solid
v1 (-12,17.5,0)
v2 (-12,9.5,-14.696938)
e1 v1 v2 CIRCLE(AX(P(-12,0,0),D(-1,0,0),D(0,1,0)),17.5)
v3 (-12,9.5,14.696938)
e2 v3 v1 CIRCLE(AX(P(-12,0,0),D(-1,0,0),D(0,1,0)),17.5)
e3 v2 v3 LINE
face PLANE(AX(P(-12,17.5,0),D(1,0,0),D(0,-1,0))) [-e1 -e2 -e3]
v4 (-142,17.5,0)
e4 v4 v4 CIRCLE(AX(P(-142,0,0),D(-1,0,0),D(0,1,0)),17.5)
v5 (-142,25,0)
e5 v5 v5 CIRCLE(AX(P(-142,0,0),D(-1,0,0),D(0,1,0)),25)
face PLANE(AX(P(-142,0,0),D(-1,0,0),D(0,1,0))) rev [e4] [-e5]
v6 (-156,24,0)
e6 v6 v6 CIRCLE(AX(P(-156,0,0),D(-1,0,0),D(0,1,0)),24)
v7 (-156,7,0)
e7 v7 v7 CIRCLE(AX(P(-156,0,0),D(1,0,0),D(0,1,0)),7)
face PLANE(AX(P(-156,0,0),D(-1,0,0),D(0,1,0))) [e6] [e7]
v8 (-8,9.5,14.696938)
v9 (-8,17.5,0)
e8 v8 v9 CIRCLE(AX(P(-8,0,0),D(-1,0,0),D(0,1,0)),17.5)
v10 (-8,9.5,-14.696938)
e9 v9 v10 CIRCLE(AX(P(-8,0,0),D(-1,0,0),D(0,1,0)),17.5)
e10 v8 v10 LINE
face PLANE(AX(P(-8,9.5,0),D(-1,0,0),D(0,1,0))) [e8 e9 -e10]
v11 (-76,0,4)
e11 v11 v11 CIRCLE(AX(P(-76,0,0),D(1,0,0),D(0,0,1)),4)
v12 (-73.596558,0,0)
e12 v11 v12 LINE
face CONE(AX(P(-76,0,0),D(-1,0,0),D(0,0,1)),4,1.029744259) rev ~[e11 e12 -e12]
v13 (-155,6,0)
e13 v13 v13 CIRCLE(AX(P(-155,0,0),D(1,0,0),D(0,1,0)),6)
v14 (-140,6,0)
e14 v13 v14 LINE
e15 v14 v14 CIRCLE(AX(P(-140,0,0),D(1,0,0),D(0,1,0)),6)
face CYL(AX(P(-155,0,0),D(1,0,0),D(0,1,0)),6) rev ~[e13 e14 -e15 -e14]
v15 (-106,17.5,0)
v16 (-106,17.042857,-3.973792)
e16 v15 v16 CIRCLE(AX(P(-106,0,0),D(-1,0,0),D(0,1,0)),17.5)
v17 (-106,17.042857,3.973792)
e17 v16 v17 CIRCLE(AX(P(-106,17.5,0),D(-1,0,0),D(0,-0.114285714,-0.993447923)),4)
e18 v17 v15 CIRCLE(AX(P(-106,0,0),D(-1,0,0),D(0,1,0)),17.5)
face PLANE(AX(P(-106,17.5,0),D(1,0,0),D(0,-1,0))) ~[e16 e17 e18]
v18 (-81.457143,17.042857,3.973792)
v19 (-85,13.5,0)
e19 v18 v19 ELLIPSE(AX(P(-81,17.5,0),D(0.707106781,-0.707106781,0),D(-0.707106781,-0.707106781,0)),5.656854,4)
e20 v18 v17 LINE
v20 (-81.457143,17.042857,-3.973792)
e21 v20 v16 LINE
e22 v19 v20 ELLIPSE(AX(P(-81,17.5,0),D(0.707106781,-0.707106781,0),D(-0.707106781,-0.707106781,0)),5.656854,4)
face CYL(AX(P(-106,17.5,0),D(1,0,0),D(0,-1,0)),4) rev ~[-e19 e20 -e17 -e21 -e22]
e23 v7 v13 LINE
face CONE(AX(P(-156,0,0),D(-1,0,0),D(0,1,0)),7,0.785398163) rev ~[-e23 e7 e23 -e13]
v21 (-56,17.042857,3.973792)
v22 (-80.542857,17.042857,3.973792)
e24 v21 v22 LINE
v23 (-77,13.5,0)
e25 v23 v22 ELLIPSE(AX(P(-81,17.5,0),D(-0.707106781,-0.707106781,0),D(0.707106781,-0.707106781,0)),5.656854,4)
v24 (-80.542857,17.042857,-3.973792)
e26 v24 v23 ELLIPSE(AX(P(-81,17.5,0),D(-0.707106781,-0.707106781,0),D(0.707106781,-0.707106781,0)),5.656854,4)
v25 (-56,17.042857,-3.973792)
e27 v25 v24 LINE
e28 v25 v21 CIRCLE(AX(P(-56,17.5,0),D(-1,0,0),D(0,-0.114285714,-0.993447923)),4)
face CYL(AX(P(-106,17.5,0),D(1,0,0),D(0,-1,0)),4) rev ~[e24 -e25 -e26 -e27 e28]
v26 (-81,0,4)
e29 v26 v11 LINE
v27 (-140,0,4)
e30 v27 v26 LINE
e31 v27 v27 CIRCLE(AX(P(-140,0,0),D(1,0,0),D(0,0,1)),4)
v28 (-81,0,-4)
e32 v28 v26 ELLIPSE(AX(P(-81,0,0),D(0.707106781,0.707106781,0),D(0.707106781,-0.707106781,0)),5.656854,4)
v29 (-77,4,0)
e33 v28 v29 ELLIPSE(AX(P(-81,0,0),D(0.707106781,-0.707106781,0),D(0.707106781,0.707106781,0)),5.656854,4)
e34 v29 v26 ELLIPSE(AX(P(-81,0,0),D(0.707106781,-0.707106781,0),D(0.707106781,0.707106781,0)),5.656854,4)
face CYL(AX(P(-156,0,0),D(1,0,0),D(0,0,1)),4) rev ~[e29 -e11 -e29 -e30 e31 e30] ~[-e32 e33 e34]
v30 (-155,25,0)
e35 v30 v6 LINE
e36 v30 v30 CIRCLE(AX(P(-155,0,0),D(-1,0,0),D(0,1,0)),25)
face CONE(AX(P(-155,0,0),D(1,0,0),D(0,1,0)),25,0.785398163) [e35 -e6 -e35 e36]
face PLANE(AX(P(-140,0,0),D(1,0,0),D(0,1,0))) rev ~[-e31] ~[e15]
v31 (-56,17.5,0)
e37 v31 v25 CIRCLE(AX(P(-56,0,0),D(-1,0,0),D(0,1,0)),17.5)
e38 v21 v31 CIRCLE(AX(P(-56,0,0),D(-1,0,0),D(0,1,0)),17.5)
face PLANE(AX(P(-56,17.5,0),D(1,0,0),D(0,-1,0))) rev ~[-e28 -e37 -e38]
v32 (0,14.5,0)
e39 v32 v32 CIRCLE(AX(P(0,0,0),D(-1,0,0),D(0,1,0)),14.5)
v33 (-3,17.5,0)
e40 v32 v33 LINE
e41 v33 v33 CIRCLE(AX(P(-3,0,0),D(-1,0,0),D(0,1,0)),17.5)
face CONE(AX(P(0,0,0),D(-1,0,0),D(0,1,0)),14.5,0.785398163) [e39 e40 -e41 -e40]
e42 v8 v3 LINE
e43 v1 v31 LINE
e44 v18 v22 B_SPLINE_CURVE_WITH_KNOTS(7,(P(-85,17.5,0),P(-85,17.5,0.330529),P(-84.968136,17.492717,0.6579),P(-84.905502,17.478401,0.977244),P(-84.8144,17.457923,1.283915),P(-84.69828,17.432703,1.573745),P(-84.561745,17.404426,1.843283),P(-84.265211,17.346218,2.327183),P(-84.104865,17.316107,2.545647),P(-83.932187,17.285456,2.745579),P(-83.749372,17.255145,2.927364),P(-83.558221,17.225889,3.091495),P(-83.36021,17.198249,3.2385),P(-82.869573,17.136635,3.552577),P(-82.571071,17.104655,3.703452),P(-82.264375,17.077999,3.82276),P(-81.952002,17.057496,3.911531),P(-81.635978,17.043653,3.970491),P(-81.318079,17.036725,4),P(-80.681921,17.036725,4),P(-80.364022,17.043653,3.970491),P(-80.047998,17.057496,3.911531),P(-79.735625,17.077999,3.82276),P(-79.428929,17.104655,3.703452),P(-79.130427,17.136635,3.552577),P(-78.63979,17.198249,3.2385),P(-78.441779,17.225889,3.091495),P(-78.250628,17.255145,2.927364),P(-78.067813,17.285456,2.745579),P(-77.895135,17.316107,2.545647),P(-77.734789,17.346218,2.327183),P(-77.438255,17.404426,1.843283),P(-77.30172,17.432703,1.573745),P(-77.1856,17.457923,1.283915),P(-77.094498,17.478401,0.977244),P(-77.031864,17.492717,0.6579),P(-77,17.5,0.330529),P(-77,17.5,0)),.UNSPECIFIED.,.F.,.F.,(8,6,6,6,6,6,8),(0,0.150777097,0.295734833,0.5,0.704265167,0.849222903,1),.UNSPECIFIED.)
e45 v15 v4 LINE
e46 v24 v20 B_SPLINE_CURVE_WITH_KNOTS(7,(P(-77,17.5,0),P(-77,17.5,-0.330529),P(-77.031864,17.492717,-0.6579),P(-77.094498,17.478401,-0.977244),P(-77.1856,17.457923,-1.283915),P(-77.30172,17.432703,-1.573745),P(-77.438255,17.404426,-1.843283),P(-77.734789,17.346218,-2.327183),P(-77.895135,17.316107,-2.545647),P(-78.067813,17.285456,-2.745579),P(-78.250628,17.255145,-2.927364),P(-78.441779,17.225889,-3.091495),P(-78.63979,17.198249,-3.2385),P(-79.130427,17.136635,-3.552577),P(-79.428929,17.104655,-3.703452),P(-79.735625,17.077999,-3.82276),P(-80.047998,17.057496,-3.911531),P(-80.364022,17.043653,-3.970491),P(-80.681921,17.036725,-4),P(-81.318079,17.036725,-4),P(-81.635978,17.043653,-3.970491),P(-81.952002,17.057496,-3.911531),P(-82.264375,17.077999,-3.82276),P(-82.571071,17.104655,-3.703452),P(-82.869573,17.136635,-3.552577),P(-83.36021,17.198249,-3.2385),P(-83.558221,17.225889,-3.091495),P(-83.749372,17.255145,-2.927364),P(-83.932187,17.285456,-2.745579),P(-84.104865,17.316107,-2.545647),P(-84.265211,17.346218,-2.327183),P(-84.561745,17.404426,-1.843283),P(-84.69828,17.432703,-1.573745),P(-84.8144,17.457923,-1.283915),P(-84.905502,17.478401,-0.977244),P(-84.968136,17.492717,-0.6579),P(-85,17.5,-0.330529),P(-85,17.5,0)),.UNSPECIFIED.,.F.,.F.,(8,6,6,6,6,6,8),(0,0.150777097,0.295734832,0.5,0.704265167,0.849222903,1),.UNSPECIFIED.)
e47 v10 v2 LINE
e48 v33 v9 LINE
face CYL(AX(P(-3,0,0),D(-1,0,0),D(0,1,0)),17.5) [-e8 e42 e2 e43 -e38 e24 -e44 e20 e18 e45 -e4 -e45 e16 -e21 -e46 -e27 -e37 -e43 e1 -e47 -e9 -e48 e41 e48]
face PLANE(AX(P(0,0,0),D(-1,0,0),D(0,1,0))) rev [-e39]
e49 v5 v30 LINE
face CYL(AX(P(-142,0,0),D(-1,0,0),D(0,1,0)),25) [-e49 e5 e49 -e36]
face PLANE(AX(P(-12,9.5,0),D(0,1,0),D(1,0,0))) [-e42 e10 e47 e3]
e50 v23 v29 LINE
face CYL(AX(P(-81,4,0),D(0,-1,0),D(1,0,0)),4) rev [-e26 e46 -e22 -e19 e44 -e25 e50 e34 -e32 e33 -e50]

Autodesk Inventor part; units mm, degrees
ref_plane "YZ Plane" through (0, 0, 0) normal (1, 0, 0) x (0, 1, 0)
ref_plane "XZ Plane" through (0, 0, 0) normal (0, 1, 0) x (-1, 0, 0)
ref_plane "XY Plane" through (0, 0, 0) normal (0, 0, 1) x (1, 0, 0)
sketch "Sketch1" plane through (0, 0, 0) normal (0, 0, 1) x (1, 0, 0)
  line L0 (0, 0) -> (-156, 0)
  line L1 (0, 0) -> (0, 14.5)
  line L2 (0, 14.5) -> (-3, 17.5)
  line L3 (-3, 17.5) -> (-142, 17.5)
  line L4 (-142, 17.5) -> (-142, 25)
  line L5 (-142, 25) -> (-155, 25)
  line L6 (-155, 25) -> (-156, 24)
  line L7 (-156, 24) -> (-156, 0)
  dimension "d0" = 35
  dimension "d1" = 3
  dimension "d2" = 45
  dimension "d4" = 14
  dimension "d5" = 156
  dimension "d6" = 50
  dimension "d7" = 45
  dimension "d8" = 1
revolve "Revolution1" add sketch "Sketch1" angle 360 about axis through (0, 0, 0) along (-1, 0, 0)
sketch "Sketch2" plane through (-156, 0, 0) normal (-1, 0, 0) x (0, 0, 1)
  circle A0 centre (0, 0) radius 24 projected
  point P0 (0, 0)
hole "Hole1" at (-156, 0, 0) direction (1, 0, 0) diameter 8 depth 80 tip angle 118
sketch "Sketch3" plane through (0, 0, 0) normal (0, 0, 1) x (1, 0, 0)
  line L0 (-156, -24) -> (-156, 24) projected
  line L1 (-156, 7) -> (-155, 6)
  line L2 (-155, 6) -> (-140, 6)
  line L3 (-140, 6) -> (-140, 4)
  line L4 (-76, 4) -> (-156, 4) projected
  line L5 (-156, 0) -> (-73.5966, 0)
  line L6 (-73.5966, 0) -> (-76, -4) projected
  point P0 (0, 0)
  dimension "d17" = 1
  dimension "d18" = 6
  dimension "d19" = 16
  dimension "d20" = 45
revolve "Revolution2" cut sketch "Sketch3" angle 360 about axis through (-156, 0, 0) along (1, 0, 0)
sketch "Sketch4" plane through (0, 0, 0) normal (0, 0, 1) x (1, 0, 0)
  line L0 (-142, 17.5) -> (-3, 17.5) projected
  line L1 (-12, 17.5) -> (-12, 9.5)
  line L2 (-12, 9.5) -> (-8, 9.5)
  line L3 (-8, 9.5) -> (-8, 17.5)
  line L4 (0, -14.5) -> (0, 14.5) projected
  point P0 (0, 0)
  dimension "d22" = 4
  dimension "d23" = 12
  dimension "d24" = 8
extrude "Extrusion1" cut sketch "Sketch4" along normal through all both and the other way through all
sketch "Sketch5" plane through (0, 0, 0) normal (0, 0, 1) x (1, 0, 0)
  line L0 (-76, 4) -> (-140, 4) projected
  line L1 (-81, 4) -> (-81, 17.5)
  line L2 (-142, 17.5) -> (-3, 17.5) projected
  line L3 (-77, 17.5) -> (-77, 4)
  line L4 (-156, -24) -> (-156, 24) projected
  line L5 (-76, -4) -> (-140, -4) projected
  line L6 (-81, 4) -> (-81, -4)
  line L7 (-76, 4) -> (-140, 4) projected
  line L8 (-77, 4) -> (-77, -4)
  line L9 (-81, 0) -> (-77, 0)
  line L10 (-77, 13.5) -> (-81, 13.5)
  point P0 (0, 0)
  dimension "d27" = 4
  dimension "d28" = 75
  dimension "d33" = 4
revolve "Revolution3" cut sketch "Sketch5" angle 360 about axis through (-81, 4, 0) along (0, 1, 0) contours L8 L9 L6 L0 | L0 L1 L10 L3 | L10 L1 L2 L3
sketch "Sketch6" plane through (0, 0, 0) normal (0, 0, 1) x (1, 0, 0)
  line L0 (-142, 17.5) -> (-3, 17.5) projected
  line L1 (-106, 17.5) -> (-106, 13.5)
  line L2 (-106, 13.5) -> (-81, 13.5)
  line L3 (-81, 13.5) -> (-56, 13.5)
  line L4 (-56, 13.5) -> (-56, 17.5)
  line L5 (-106, 17.5) -> (-56, 17.5)
  line L6 (-142, 17.5) -> (-3, 17.5) projected
  line L7 (-77, 4) -> (-81, 0) projected
  line L8 (-81, 17.5) -> (-81, 0)
  point P0 (0, 0)
  dimension "d30" = 50
  dimension "d31" = 4
revolve "Revolution4" cut sketch "Sketch6" angle 360 about axis through (-142, 17.5, 0) along (1, 0, 0)
properties part number "Ось" material "Steel, Cast"
